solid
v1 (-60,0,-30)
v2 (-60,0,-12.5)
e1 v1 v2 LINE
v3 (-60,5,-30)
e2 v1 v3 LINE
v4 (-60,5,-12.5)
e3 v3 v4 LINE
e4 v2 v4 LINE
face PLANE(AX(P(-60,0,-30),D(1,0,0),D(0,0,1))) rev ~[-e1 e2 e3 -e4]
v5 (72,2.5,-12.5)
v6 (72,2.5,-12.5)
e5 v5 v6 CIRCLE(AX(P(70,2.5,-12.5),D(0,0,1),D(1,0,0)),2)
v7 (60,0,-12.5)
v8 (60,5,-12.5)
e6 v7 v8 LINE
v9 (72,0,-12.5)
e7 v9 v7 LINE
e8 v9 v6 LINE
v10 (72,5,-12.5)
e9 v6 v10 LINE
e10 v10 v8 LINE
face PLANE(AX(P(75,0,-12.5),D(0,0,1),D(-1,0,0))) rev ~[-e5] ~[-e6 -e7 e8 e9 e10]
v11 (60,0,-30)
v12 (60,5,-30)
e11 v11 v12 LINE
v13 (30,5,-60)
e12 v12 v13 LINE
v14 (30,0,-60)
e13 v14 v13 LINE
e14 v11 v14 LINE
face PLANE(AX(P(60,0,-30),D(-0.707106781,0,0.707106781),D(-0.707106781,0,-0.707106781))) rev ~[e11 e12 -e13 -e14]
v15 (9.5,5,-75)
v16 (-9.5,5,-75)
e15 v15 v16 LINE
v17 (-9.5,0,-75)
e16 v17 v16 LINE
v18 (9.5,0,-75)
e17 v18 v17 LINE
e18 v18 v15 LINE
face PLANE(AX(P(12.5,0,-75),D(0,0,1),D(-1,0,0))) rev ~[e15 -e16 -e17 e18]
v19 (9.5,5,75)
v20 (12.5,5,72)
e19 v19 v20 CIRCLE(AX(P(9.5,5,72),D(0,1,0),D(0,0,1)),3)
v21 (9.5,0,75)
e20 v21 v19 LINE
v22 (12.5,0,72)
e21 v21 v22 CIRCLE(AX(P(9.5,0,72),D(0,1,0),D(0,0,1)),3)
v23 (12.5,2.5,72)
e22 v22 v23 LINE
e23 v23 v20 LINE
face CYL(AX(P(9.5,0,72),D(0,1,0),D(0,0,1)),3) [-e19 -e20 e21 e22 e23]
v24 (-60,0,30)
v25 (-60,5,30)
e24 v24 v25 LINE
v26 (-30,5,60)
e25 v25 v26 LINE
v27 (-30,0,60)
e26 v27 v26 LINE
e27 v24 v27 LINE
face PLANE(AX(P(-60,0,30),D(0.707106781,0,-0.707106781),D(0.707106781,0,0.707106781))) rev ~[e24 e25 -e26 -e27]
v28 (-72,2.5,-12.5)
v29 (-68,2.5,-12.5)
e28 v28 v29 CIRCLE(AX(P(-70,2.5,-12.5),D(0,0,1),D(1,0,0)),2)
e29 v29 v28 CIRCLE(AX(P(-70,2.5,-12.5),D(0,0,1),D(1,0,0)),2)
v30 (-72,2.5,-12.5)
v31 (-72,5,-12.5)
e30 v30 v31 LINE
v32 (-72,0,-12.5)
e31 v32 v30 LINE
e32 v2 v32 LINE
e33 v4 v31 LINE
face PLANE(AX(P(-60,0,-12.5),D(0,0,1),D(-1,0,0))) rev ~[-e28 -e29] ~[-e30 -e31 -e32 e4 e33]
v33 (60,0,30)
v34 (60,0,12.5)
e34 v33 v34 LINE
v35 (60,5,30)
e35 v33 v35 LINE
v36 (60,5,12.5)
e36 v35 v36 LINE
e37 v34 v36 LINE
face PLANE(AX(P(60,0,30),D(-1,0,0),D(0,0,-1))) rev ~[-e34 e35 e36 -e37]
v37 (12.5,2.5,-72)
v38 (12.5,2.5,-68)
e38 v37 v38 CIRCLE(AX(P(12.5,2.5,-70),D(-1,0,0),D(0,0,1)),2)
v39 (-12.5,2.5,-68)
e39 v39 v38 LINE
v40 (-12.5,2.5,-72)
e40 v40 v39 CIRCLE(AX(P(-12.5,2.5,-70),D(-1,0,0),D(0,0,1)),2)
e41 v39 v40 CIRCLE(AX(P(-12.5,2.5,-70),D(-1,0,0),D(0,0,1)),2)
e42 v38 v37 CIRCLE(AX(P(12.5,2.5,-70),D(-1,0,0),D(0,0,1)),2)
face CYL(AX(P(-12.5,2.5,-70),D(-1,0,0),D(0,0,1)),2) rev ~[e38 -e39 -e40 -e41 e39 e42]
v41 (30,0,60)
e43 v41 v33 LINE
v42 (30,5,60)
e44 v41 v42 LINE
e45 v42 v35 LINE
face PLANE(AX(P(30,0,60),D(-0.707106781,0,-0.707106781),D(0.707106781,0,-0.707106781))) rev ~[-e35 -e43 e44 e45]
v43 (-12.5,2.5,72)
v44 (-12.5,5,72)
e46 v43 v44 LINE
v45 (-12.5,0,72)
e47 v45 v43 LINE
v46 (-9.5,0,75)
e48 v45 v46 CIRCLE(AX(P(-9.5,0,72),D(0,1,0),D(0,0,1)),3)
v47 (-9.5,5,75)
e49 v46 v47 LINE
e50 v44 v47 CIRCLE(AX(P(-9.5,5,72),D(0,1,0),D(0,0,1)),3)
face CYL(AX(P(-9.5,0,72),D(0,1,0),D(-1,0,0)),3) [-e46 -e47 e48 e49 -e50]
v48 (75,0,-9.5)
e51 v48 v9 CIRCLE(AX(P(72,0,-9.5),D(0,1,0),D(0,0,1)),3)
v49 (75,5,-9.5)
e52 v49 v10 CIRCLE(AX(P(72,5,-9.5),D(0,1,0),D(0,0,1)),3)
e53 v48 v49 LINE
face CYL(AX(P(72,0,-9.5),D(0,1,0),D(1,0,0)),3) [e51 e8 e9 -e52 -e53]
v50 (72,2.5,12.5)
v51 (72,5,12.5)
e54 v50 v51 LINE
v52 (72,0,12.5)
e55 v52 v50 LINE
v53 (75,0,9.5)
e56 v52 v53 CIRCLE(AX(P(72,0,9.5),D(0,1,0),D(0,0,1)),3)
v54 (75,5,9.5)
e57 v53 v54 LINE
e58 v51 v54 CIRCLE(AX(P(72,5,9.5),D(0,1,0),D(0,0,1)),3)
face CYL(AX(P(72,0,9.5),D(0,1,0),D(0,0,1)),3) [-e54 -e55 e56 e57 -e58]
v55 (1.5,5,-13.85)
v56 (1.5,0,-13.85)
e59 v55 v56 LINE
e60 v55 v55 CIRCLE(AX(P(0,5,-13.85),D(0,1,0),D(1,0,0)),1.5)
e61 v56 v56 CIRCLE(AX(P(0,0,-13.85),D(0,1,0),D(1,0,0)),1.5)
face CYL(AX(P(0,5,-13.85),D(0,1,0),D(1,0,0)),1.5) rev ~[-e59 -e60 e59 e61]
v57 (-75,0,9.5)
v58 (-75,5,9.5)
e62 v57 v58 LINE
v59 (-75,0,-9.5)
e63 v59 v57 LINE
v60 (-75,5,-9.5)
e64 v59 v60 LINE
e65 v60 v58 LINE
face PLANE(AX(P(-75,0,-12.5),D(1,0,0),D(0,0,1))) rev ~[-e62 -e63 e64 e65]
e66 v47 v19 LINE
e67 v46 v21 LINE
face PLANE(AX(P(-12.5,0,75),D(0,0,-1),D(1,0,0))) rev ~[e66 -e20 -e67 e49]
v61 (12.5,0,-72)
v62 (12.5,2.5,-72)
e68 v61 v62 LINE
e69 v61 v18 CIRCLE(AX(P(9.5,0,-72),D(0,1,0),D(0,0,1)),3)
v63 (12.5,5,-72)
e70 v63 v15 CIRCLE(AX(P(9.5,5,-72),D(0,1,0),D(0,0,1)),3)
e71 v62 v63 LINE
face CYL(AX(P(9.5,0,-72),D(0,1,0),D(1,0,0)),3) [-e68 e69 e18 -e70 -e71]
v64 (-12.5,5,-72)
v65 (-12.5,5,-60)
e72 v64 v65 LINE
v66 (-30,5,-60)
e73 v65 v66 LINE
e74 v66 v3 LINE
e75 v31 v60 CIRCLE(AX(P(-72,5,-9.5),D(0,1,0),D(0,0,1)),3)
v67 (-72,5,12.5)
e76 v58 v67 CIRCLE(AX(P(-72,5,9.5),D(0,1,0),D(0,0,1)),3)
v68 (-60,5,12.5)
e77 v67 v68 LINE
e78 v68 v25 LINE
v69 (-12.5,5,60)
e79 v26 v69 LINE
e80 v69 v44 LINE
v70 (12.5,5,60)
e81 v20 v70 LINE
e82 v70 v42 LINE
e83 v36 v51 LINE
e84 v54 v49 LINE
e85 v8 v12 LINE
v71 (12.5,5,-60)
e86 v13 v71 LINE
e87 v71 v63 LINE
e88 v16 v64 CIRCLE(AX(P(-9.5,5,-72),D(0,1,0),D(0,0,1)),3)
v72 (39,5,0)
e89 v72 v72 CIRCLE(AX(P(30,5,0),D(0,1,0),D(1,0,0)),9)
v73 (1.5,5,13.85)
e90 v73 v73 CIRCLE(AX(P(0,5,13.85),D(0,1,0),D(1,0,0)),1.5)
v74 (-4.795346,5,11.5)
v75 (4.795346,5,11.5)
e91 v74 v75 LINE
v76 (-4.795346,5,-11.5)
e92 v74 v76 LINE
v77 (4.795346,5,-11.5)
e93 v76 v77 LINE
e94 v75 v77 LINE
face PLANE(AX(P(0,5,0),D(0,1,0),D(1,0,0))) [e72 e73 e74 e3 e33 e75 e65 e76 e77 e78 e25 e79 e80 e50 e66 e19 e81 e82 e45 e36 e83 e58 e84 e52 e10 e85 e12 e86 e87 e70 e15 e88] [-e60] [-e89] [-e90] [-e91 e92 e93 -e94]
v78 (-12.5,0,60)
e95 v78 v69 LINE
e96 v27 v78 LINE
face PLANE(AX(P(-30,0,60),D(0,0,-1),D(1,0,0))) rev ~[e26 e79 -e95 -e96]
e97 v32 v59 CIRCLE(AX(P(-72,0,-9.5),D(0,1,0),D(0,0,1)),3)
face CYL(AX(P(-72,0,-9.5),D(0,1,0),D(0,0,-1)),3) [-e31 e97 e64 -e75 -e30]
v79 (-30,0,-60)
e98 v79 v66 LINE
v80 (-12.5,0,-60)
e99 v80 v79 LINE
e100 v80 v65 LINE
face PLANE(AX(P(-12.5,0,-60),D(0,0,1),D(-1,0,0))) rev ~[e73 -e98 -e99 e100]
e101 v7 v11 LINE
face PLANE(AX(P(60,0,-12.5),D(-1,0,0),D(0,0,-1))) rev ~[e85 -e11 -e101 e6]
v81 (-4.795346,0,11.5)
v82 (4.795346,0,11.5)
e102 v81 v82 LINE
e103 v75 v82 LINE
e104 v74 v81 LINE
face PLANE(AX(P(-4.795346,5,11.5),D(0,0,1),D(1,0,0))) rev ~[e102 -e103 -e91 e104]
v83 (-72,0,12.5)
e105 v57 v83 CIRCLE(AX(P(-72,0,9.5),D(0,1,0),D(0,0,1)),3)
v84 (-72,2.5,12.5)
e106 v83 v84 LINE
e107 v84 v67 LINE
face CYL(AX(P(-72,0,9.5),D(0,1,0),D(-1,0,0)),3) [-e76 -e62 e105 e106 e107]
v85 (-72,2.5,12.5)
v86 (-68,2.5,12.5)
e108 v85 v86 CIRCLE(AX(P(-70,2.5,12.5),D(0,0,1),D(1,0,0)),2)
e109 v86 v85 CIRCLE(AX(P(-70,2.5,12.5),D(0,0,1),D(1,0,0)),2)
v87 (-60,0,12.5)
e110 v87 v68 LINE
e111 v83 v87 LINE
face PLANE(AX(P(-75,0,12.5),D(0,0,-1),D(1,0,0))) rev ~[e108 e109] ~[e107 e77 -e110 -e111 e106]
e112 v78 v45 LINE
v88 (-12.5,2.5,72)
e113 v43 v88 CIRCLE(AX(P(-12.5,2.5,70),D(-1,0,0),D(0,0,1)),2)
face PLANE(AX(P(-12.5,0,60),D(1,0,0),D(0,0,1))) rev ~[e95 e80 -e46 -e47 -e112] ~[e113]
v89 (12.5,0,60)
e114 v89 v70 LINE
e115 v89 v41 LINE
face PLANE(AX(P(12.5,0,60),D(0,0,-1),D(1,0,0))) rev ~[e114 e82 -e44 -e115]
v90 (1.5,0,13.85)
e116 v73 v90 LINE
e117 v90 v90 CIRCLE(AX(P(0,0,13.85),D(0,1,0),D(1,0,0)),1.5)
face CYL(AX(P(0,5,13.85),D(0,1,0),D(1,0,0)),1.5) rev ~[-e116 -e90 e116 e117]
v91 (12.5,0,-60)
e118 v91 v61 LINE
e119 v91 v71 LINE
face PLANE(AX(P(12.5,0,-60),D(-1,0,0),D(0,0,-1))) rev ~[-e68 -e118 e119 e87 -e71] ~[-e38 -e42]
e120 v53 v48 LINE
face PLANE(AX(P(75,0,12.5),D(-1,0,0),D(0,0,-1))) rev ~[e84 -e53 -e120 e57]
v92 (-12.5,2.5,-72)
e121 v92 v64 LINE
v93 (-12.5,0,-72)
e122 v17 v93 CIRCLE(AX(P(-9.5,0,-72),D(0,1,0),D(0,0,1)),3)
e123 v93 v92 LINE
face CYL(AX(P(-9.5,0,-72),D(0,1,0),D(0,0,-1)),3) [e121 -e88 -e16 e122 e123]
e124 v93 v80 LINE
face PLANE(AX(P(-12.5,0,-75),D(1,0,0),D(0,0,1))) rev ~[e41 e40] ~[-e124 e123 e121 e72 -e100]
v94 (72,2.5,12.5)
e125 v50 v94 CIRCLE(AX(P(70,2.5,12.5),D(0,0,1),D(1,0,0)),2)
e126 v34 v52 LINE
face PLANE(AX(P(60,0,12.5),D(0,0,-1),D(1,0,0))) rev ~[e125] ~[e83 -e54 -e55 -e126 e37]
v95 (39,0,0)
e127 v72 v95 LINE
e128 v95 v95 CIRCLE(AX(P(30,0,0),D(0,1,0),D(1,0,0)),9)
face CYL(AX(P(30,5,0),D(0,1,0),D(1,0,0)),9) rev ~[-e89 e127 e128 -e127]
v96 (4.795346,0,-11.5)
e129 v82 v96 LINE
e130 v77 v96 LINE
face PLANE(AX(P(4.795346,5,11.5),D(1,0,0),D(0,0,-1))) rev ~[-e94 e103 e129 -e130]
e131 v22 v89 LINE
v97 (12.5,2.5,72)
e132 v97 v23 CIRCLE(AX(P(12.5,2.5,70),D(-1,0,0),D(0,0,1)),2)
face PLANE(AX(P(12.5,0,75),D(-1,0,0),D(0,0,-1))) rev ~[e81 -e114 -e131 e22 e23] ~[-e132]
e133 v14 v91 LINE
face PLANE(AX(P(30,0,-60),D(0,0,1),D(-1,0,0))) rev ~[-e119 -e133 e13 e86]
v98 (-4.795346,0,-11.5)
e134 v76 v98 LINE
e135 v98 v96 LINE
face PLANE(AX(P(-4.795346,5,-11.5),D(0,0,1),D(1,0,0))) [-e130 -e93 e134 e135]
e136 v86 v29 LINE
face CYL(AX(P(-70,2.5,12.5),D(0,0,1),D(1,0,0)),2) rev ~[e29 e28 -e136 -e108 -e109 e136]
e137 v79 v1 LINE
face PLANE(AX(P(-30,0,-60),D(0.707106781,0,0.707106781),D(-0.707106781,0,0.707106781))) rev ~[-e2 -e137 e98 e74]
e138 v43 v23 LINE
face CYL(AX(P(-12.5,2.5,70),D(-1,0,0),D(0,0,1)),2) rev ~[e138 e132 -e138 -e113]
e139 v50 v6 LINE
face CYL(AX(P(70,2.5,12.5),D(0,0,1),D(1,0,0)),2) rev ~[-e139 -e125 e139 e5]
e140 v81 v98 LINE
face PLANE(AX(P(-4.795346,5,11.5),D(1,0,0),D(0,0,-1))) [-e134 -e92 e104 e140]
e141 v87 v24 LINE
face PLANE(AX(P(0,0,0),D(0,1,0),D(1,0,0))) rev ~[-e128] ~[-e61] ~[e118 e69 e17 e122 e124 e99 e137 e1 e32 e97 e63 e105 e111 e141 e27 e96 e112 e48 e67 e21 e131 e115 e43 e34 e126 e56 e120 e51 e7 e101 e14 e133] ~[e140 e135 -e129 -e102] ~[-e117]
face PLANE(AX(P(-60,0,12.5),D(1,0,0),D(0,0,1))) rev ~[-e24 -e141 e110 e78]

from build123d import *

# Parameters (mm, degrees)
EXTRUDE_1_DEPTH     = 5
FILLET_1_R          = 3
SKETCH_11_R         = 2
CUT_EXTRUDE_6_DEPTH = 88.5
SKETCH_12_R         = 2
CUT_EXTRUDE_7_DEPTH = 88.5
SKETCH_13_R         = 1.5
SKETCH_13_R_2       = 9
SKETCH_13_W         = 9.590692188
SKETCH_13_H         = 23
CUT_EXTRUDE_8_DEPTH = 10


with BuildPart() as part:
    # 스케치1 → 보스-돌출1 (new body)
    with BuildSketch(Plane(origin=(0, 0, 0), x_dir=(1, 0, 0), z_dir=(0, 1, 0))):
        Polygon((-60, -30), (-30, -60), (-12.5, -60), (-12.5, -75), (12.5, -75), (12.5, -60), (30, -60), (60, -30), (60, -12.5), (75, -12.5), (75, 12.5), (60, 12.5), (60, 30), (30, 60), (12.5, 60), (12.5, 75), (-12.5, 75), (-12.5, 60), (-30, 60), (-60, 30), (-60, 12.5), (-75, 12.5), (-75, -12.5), (-60, -12.5), align=None)
    extrude(amount=EXTRUDE_1_DEPTH)

    # 필렛1
    fillet_1_edges = [part.edges().sort_by_distance(p)[0] for p in [
        (-12.5, 2.5, -75),
        (12.5, 2.5, -75),
        (75, 2.5, -12.5),
        (75, 2.5, 12.5),
        (12.5, 2.5, 75),
        (-12.5, 2.5, 75),
        (-75, 2.5, 12.5),
        (-75, 2.5, -12.5),
    ]]
    fillet(fillet_1_edges, radius=FILLET_1_R)

    # 스케치11 → 컷-돌출6 (cut, through all)
    with BuildSketch(Plane.XY.offset(12.5)):
        with Locations((-70, 2.5)):
            Circle(SKETCH_11_R)
        with Locations((70, 2.5)):
            Circle(SKETCH_11_R)
    extrude(amount=-CUT_EXTRUDE_6_DEPTH, mode=Mode.SUBTRACT)

    # 스케치12 → 컷-돌출7 (cut, through all)
    with BuildSketch(Plane.ZY.offset(12.5)):
        with Locations((-70, 2.5)):
            Circle(SKETCH_12_R)
        with Locations((70, 2.5)):
            Circle(SKETCH_12_R)
    extrude(amount=-CUT_EXTRUDE_7_DEPTH, mode=Mode.SUBTRACT)

    # 스케치13 → 컷-돌출8 (cut)
    with BuildSketch(Plane(origin=(0, 5, 0), x_dir=(1, 0, 0), z_dir=(0, 1, 0))):
        with Locations((0, 13.85)):
            Circle(SKETCH_13_R)
        with Locations((30, 0)):
            Circle(SKETCH_13_R_2)
        with Locations((0, -13.85)):
            Circle(SKETCH_13_R)
        Rectangle(SKETCH_13_W, SKETCH_13_H)
    extrude(amount=-CUT_EXTRUDE_8_DEPTH, mode=Mode.SUBTRACT)


solid = part.part
